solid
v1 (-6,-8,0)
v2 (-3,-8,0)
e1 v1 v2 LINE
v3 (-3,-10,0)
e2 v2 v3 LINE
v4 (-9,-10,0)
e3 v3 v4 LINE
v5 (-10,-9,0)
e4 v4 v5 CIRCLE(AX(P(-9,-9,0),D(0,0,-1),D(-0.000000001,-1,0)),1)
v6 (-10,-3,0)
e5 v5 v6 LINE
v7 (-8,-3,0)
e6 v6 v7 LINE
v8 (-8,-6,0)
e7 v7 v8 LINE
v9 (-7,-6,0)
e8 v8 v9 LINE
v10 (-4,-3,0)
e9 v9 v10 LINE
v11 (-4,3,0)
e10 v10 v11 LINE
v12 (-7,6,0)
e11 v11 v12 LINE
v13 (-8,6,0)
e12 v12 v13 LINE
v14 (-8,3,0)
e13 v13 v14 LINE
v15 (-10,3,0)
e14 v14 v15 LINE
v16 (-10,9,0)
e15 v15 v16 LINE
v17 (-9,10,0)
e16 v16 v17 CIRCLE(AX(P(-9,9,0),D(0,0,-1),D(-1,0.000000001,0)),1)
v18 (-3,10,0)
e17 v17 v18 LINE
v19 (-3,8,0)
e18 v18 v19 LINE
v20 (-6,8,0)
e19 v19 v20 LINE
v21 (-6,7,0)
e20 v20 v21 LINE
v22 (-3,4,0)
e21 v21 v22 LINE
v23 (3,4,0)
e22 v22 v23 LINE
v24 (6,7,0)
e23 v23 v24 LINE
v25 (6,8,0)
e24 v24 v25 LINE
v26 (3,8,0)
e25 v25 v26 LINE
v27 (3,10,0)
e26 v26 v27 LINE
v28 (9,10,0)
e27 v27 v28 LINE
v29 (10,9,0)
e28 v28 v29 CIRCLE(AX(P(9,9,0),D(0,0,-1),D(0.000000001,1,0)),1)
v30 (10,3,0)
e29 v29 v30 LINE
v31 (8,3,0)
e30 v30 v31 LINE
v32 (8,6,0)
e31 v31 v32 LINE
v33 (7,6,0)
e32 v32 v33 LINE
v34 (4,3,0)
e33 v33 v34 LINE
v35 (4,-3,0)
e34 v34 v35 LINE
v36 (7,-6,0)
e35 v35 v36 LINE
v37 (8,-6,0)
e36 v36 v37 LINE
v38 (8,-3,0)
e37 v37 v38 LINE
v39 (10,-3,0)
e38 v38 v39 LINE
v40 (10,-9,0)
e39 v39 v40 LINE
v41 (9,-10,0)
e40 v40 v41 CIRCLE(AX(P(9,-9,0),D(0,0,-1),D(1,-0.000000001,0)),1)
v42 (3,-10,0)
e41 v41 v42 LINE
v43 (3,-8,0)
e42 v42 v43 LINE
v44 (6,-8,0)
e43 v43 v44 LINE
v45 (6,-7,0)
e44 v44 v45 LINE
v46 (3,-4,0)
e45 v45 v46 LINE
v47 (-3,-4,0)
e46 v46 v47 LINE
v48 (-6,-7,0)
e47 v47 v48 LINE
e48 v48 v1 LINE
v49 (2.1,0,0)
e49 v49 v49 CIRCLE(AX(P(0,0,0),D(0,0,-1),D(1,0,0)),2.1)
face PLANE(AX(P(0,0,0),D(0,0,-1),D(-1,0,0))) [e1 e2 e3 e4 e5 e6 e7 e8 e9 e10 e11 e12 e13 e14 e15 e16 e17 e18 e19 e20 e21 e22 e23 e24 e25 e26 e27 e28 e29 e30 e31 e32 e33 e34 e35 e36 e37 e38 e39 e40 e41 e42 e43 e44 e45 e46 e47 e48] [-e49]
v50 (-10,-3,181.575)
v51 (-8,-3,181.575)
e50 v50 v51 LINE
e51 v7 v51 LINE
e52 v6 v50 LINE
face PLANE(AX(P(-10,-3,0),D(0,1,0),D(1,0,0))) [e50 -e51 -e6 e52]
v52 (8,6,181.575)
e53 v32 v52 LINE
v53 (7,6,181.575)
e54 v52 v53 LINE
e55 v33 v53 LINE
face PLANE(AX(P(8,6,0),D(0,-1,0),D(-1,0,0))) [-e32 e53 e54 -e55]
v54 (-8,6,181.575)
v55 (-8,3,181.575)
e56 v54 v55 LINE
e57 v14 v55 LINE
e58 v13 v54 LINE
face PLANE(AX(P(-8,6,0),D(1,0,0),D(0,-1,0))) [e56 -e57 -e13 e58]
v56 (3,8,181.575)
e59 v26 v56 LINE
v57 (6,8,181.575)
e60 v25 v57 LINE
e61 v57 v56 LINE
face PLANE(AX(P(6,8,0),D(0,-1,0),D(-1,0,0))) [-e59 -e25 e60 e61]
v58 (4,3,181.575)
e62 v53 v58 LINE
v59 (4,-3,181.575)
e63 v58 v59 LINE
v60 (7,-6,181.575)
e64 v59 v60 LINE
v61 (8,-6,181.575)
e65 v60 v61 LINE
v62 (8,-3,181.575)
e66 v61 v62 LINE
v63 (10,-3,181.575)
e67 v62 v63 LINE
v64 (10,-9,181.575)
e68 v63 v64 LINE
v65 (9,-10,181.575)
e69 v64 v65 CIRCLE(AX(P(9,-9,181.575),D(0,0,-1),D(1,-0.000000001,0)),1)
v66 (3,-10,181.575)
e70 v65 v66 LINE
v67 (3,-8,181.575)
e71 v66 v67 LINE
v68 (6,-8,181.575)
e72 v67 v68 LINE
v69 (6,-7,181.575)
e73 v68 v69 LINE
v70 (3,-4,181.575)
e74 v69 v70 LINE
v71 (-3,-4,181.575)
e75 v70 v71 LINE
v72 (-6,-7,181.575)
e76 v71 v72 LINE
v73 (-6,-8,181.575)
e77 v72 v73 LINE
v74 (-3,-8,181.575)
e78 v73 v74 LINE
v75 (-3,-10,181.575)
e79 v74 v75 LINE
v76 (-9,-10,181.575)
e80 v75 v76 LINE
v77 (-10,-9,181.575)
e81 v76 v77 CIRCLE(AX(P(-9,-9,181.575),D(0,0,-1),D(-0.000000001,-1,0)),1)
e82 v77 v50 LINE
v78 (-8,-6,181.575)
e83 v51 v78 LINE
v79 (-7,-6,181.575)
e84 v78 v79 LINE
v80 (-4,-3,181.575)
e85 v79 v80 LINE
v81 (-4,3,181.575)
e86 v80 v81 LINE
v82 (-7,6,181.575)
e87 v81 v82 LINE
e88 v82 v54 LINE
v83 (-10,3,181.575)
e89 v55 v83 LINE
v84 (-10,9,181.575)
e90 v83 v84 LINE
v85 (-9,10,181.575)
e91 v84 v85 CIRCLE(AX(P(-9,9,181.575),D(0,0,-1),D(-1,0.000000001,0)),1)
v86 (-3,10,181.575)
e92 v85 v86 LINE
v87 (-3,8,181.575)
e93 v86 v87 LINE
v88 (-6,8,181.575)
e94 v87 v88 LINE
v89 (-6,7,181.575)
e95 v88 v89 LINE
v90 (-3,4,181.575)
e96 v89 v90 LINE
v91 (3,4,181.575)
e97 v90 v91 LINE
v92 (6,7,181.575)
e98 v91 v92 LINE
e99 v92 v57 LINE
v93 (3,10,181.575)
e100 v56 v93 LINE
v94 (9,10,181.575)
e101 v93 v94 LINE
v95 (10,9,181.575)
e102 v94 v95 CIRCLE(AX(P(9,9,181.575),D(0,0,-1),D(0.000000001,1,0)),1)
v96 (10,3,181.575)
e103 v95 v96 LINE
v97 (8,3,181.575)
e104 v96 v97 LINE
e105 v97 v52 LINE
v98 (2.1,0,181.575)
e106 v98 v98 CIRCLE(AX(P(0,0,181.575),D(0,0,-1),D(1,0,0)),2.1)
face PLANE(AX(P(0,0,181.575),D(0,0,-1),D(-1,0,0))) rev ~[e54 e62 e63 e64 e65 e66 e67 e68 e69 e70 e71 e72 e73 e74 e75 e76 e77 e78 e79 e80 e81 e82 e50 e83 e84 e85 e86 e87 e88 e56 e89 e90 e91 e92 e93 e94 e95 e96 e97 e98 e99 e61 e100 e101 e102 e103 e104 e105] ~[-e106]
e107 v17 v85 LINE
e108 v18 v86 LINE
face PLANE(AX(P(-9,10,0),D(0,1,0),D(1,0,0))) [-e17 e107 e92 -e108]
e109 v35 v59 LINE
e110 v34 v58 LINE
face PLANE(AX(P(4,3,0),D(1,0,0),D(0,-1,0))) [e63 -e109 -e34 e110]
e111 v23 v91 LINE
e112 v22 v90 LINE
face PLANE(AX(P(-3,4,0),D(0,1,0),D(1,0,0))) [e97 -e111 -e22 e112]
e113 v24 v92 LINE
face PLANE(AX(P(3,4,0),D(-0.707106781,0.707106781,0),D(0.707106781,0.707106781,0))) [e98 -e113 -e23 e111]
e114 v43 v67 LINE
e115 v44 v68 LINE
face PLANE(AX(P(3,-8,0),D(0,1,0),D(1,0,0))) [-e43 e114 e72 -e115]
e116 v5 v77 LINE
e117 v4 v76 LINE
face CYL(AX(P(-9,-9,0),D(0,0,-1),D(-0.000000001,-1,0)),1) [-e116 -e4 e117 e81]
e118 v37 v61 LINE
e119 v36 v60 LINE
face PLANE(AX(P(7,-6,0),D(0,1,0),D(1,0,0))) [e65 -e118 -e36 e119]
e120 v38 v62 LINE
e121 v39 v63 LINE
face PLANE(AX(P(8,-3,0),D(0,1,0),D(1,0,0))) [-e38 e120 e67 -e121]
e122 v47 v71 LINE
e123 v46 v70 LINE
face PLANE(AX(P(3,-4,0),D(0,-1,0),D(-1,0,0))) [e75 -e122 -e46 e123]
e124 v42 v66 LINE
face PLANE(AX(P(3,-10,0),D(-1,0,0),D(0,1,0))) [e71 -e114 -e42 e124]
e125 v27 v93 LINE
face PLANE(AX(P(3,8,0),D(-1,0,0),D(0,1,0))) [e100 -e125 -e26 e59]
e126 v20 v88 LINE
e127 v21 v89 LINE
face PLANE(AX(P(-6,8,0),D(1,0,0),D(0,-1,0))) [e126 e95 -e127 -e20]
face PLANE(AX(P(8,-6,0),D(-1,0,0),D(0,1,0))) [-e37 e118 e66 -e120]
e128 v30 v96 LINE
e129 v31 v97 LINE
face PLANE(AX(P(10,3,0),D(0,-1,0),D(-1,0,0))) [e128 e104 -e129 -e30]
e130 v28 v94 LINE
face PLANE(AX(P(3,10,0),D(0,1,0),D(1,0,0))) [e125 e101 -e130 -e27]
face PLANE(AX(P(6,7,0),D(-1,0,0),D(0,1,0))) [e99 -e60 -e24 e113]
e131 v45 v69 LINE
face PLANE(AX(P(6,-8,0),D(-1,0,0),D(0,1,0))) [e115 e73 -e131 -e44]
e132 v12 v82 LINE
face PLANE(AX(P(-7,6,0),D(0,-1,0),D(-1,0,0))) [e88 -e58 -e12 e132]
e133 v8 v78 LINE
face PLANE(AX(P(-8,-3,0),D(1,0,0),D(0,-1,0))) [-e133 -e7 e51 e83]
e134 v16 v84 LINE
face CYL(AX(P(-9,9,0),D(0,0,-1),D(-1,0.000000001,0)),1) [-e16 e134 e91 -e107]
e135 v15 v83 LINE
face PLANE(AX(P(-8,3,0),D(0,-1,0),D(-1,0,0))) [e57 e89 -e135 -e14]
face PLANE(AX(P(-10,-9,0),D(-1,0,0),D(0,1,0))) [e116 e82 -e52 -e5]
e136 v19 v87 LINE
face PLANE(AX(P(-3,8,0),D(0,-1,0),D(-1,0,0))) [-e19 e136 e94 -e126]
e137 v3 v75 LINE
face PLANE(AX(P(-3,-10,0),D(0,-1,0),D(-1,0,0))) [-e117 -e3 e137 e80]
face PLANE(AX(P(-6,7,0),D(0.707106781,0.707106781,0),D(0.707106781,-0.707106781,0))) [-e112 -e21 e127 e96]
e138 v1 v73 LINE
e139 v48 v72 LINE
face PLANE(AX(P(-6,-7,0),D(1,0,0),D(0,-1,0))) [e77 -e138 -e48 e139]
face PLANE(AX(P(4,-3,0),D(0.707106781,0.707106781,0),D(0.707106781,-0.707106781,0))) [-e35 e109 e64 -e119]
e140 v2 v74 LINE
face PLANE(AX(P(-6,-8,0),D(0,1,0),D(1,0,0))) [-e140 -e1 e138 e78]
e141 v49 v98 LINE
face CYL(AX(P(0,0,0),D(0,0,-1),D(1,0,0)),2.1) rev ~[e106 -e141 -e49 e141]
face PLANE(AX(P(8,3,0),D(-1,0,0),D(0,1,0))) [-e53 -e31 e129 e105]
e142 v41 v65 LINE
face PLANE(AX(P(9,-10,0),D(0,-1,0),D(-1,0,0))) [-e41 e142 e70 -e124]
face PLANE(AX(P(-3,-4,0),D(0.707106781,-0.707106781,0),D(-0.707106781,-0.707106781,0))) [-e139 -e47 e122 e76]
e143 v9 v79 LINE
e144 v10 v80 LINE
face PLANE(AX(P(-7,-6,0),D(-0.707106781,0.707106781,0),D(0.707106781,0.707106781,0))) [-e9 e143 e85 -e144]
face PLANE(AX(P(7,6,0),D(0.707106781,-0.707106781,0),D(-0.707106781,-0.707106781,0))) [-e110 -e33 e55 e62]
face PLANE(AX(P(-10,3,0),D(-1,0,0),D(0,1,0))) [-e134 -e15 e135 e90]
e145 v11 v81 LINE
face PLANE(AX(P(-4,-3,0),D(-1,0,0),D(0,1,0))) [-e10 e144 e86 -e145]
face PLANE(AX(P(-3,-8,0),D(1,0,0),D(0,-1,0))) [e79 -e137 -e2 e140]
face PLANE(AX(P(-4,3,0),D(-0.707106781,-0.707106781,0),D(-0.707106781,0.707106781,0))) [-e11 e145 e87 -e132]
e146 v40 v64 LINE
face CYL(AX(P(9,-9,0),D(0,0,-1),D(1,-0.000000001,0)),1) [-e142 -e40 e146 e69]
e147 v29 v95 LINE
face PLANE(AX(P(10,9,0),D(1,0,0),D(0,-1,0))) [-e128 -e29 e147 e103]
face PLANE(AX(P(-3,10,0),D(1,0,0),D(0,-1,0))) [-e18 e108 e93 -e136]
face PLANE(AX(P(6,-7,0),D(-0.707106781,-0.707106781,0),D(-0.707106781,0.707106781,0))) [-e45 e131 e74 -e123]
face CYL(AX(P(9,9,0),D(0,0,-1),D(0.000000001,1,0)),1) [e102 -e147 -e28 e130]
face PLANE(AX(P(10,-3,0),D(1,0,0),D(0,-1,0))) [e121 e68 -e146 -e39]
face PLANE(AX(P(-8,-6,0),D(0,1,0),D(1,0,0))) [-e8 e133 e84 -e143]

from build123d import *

# Parameters (mm, degrees)
SKETCH1_R           = 2.1
BOSS_EXTRUDE1_DEPTH = 181.575


with BuildPart() as part:
    # Sketch1 → Boss-Extrude1 (new body)
    with BuildSketch(Plane(origin=(0, 0, 0), x_dir=(-1, 0, 0), z_dir=(0, 0, -1))):
        with BuildLine():
            Line((6, -8), (3, -8))
            Line((3, -8), (3, -10))
            Line((3, -10), (9, -10))
            ThreePointArc((9, -10), (9.707106781, -9.707106781), (10, -9))
            Line((10, -9), (10, -3))
            Line((10, -3), (8, -3))
            Line((8, -3), (8, -6))
            Line((8, -6), (7, -6))
            Line((7, -6), (4, -3))
            Line((4, -3), (4, 3))
            Line((4, 3), (7, 6))
            Line((7, 6), (8, 6))
            Line((8, 6), (8, 3))
            Line((8, 3), (10, 3))
            Line((10, 3), (10, 9))
            ThreePointArc((10, 9), (9.707106781, 9.707106781), (9, 10))
            Line((9, 10), (3, 10))
            Line((3, 10), (3, 8))
            Line((3, 8), (6, 8))
            Line((6, 8), (6, 7))
            Line((6, 7), (3, 4))
            Line((3, 4), (-3, 4))
            Line((-3, 4), (-6, 7))
            Line((-6, 7), (-6, 8))
            Line((-6, 8), (-3, 8))
            Line((-3, 8), (-3, 10))
            Line((-3, 10), (-9, 10))
            ThreePointArc((-9, 10), (-9.707106781, 9.707106781), (-10, 9))
            Line((-10, 9), (-10, 3))
            Line((-10, 3), (-8, 3))
            Line((-8, 3), (-8, 6))
            Line((-8, 6), (-7, 6))
            Line((-7, 6), (-4, 3))
            Line((-4, 3), (-4, -3))
            Line((-4, -3), (-7, -6))
            Line((-7, -6), (-8, -6))
            Line((-8, -6), (-8, -3))
            Line((-8, -3), (-10, -3))
            Line((-10, -3), (-10, -9))
            ThreePointArc((-10, -9), (-9.707106781, -9.707106781), (-9, -10))
            Line((-9, -10), (-3, -10))
            Line((-3, -10), (-3, -8))
            Line((-3, -8), (-6, -8))
            Line((-6, -8), (-6, -7))
            Line((-6, -7), (-3, -4))
            Line((-3, -4), (3, -4))
            Line((3, -4), (6, -7))
            Line((6, -7), (6, -8))
        make_face()
        with Locations(Location((0, 0, 0), (0, 0, 180))):
            Circle(SKETCH1_R, mode=Mode.SUBTRACT)
    extrude(amount=-BOSS_EXTRUDE1_DEPTH)


solid = part.part
